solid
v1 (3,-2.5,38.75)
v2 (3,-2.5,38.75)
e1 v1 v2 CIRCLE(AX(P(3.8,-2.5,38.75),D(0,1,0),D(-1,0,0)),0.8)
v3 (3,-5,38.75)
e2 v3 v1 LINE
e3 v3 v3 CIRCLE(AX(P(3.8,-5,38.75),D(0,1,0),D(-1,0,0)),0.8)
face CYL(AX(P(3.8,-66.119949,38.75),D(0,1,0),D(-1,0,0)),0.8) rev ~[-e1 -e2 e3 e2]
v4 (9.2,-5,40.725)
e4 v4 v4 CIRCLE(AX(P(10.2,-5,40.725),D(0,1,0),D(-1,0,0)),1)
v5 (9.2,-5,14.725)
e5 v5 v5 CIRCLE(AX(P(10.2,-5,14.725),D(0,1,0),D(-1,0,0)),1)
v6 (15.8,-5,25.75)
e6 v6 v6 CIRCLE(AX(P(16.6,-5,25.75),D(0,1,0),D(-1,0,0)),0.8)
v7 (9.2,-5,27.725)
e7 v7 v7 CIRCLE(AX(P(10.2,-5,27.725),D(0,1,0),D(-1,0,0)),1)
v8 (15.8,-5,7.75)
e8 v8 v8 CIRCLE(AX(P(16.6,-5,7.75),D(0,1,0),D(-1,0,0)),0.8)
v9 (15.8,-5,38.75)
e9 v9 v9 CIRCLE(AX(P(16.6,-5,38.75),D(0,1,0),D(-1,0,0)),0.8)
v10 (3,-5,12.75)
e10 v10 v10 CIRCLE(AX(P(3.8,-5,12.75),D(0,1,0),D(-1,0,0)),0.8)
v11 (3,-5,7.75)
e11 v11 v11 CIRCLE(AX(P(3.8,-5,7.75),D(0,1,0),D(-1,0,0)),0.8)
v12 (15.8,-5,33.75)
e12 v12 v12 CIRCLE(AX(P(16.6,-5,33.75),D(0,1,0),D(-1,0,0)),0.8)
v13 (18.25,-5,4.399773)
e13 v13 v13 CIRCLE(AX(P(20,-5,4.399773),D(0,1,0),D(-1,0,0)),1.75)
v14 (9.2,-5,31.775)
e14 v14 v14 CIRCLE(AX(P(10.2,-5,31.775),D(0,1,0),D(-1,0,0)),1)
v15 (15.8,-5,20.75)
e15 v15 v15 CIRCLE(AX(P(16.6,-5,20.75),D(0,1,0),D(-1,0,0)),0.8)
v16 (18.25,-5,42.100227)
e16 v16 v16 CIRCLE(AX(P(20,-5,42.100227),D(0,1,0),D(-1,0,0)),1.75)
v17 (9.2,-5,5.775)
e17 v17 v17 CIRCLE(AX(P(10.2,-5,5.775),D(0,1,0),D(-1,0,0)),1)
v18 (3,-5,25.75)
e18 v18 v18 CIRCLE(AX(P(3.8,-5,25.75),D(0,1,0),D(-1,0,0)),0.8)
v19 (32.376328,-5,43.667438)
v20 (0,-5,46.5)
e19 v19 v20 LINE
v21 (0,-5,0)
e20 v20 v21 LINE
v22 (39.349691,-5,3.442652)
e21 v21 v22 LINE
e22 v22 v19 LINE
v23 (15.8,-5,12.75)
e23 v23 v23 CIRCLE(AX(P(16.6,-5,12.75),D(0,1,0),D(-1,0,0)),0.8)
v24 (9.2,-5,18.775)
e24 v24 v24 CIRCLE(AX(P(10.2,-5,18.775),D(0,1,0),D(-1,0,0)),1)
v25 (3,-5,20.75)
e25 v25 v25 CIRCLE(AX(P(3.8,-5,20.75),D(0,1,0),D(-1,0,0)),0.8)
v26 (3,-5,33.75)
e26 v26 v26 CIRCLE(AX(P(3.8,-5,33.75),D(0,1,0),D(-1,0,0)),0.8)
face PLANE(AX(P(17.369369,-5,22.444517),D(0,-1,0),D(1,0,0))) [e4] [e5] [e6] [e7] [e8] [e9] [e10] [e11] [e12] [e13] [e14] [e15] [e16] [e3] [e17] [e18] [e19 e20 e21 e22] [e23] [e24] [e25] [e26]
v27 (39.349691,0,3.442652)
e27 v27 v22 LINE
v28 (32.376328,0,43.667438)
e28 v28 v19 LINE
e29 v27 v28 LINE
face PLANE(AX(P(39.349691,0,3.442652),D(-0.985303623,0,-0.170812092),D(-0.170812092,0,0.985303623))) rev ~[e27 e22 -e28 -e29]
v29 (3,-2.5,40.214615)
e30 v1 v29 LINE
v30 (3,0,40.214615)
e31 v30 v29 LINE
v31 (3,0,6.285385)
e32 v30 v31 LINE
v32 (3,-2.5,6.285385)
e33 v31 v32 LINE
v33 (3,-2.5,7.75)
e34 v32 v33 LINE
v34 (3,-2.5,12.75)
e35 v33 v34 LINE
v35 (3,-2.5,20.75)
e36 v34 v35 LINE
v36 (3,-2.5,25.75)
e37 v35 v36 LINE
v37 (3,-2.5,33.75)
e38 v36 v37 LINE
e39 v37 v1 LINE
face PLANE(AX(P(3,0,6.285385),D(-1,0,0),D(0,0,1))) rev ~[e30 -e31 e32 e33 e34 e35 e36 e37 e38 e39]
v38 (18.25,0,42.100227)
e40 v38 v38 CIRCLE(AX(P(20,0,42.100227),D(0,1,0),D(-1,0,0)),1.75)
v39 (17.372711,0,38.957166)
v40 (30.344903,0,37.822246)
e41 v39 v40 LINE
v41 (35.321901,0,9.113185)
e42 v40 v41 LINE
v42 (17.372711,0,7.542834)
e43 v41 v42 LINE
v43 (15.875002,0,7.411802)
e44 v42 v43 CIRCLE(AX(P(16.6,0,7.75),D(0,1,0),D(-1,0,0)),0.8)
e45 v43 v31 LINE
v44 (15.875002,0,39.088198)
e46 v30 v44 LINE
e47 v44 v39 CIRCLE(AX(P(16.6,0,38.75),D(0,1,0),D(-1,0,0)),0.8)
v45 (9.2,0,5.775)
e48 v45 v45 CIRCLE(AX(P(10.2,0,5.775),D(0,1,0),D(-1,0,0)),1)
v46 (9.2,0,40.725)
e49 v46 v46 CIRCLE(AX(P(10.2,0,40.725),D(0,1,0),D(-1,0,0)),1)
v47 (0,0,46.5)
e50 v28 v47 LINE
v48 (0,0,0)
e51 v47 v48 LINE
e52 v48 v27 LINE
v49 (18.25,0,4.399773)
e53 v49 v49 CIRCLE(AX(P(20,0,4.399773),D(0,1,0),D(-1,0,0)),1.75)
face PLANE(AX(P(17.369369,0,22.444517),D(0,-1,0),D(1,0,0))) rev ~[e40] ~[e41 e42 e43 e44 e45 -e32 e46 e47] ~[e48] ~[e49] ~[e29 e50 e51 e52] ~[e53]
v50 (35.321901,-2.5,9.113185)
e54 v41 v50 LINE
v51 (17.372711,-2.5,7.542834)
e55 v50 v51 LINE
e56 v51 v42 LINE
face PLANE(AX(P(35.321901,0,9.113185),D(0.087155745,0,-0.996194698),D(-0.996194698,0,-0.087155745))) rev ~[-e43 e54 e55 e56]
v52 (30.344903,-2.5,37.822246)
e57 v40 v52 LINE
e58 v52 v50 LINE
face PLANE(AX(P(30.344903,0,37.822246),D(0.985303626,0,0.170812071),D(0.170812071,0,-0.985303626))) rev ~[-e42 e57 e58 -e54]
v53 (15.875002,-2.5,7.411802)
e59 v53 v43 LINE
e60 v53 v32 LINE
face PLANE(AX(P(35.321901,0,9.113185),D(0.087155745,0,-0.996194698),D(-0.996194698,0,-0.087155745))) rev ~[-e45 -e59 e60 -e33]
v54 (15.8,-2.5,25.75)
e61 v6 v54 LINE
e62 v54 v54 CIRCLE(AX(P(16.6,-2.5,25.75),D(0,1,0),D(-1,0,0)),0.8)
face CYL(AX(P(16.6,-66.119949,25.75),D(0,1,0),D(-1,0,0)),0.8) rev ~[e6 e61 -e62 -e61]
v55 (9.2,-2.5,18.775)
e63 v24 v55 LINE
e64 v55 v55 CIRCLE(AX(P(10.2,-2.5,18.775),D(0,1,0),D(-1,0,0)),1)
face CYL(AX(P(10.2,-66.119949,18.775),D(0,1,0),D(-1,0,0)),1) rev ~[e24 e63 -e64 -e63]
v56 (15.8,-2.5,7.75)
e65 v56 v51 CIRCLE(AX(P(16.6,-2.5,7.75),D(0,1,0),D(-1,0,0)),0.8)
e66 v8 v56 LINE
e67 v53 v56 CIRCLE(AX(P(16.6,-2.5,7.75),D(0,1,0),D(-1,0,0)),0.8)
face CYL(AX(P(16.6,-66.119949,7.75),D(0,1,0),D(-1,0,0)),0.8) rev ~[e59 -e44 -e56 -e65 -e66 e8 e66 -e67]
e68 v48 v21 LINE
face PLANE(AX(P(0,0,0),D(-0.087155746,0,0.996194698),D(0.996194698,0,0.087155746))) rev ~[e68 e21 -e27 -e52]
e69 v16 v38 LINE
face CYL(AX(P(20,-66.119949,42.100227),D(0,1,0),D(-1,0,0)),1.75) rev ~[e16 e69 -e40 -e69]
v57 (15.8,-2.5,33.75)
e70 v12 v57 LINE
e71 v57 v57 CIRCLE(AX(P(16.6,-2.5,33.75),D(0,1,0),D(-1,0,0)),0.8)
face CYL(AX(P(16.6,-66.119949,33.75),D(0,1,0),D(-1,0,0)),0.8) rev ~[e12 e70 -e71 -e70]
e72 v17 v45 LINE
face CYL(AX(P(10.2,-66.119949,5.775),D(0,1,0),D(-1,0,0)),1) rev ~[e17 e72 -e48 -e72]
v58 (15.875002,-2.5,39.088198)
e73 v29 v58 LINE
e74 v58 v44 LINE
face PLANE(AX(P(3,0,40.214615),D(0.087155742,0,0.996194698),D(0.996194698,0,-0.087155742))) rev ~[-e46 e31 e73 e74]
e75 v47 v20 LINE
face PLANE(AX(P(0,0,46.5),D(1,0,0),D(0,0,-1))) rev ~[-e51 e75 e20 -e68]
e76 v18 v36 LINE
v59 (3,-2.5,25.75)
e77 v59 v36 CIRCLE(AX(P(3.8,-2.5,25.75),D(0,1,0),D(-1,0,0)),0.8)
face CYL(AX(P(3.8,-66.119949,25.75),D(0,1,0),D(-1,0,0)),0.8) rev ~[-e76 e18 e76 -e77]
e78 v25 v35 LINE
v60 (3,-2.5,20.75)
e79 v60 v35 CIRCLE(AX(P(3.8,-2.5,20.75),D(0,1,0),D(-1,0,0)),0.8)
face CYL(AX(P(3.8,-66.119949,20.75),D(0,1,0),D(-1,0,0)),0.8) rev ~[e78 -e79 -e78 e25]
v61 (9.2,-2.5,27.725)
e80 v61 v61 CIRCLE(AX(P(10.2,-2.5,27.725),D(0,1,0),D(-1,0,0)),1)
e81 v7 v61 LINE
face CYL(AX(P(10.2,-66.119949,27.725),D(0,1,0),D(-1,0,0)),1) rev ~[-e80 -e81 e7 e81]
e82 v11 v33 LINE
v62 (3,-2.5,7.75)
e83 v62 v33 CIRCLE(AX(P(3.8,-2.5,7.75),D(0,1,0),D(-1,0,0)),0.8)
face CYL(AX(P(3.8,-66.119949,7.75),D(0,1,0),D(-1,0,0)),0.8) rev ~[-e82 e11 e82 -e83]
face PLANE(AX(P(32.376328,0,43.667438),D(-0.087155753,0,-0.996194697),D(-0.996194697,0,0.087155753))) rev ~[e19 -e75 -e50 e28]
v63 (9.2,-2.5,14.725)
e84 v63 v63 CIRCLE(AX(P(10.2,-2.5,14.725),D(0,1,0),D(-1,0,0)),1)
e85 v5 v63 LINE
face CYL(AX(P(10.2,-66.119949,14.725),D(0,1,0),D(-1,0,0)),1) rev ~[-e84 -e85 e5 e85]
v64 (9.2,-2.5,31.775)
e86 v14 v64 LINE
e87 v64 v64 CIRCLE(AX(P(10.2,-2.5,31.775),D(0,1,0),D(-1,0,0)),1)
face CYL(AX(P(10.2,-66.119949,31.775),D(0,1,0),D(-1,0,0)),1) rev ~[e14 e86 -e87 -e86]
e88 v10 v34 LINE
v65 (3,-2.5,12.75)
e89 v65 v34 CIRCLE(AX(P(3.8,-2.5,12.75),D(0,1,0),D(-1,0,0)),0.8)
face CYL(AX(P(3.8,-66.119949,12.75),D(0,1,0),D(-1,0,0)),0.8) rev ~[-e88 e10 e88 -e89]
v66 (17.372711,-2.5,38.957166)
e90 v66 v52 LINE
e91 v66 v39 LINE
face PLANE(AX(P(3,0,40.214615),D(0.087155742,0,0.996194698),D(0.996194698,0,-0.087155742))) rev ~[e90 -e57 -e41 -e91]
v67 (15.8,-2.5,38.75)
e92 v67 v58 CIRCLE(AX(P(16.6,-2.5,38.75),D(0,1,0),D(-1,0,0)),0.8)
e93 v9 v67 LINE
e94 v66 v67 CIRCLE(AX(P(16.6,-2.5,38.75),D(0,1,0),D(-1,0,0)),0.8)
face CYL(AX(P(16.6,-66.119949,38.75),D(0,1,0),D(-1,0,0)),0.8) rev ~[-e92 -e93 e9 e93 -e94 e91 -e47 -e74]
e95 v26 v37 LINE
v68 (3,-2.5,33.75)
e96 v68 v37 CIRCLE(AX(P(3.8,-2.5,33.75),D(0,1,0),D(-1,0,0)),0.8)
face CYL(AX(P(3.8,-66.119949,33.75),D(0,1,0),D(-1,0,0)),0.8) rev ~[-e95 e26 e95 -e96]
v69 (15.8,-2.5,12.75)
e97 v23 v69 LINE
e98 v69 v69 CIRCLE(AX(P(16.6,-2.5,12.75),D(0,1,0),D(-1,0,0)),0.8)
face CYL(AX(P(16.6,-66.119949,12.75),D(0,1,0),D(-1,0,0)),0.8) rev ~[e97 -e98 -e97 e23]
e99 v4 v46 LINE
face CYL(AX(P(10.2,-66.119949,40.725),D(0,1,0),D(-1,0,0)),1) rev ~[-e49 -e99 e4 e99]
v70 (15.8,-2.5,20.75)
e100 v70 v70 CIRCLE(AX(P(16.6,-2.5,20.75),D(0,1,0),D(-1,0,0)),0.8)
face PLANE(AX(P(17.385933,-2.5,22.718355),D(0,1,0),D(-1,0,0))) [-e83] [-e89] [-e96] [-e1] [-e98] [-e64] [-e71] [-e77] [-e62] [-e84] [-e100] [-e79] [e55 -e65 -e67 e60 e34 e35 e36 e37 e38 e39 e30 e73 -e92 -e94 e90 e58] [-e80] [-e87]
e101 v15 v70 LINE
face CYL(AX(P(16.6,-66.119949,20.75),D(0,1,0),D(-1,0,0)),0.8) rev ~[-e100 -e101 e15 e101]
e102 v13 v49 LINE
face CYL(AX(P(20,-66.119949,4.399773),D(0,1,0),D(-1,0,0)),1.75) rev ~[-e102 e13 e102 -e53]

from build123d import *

# Parameters (mm, degrees)
F1_DEPTH = 5
F3_DEPTH = 2.5
F5_D     = 3.5
F6_D     = 1.6
F7_D     = 2


with BuildPart() as f1:
    # F0 (on Front) → F1 (new body)
    with BuildSketch(Plane.XZ):
        Polygon((32.376328, 43.667438), (0, 46.5), (0, 0), (39.349691, 3.442652), align=None)
    extrude(amount=F1_DEPTH)

    # F2 (on face) → F3 (cut)
    with BuildSketch(Plane(origin=(0, 0, 0), x_dir=(-1, 0, 0), z_dir=(0, 1, 0))):
        Polygon((-3, 40.214615), (-30.344903, 37.822246), (-35.321901, 9.113185), (-3, 6.285385), align=None)
    extrude(amount=-F3_DEPTH, mode=Mode.SUBTRACT)

    # F5 (through all)
    with Locations(Plane.XZ.offset(5)):
        with Locations((20, 4.399773), (20, 42.100227)):
            Hole(F5_D / 2)

    # F6 (through all)
    with Locations(Plane.XZ.offset(5)):
        with Locations((3.8, 7.75), (3.8, 12.75), (3.8, 20.75), (3.8, 25.75), (3.8, 33.75), (3.8, 38.75), (16.6, 38.75), (16.6, 33.75), (16.6, 25.75), (16.6, 20.75), (16.6, 12.75), (16.6, 7.75)):
            Hole(F6_D / 2)

    # F7 (through all)
    with Locations(Plane.XZ.offset(5)):
        with Locations((10.2, 5.775), (10.2, 14.725), (10.2, 18.775), (10.2, 27.725), (10.2, 31.775), (10.2, 40.725)):
            Hole(F7_D / 2)


solid = f1.part
